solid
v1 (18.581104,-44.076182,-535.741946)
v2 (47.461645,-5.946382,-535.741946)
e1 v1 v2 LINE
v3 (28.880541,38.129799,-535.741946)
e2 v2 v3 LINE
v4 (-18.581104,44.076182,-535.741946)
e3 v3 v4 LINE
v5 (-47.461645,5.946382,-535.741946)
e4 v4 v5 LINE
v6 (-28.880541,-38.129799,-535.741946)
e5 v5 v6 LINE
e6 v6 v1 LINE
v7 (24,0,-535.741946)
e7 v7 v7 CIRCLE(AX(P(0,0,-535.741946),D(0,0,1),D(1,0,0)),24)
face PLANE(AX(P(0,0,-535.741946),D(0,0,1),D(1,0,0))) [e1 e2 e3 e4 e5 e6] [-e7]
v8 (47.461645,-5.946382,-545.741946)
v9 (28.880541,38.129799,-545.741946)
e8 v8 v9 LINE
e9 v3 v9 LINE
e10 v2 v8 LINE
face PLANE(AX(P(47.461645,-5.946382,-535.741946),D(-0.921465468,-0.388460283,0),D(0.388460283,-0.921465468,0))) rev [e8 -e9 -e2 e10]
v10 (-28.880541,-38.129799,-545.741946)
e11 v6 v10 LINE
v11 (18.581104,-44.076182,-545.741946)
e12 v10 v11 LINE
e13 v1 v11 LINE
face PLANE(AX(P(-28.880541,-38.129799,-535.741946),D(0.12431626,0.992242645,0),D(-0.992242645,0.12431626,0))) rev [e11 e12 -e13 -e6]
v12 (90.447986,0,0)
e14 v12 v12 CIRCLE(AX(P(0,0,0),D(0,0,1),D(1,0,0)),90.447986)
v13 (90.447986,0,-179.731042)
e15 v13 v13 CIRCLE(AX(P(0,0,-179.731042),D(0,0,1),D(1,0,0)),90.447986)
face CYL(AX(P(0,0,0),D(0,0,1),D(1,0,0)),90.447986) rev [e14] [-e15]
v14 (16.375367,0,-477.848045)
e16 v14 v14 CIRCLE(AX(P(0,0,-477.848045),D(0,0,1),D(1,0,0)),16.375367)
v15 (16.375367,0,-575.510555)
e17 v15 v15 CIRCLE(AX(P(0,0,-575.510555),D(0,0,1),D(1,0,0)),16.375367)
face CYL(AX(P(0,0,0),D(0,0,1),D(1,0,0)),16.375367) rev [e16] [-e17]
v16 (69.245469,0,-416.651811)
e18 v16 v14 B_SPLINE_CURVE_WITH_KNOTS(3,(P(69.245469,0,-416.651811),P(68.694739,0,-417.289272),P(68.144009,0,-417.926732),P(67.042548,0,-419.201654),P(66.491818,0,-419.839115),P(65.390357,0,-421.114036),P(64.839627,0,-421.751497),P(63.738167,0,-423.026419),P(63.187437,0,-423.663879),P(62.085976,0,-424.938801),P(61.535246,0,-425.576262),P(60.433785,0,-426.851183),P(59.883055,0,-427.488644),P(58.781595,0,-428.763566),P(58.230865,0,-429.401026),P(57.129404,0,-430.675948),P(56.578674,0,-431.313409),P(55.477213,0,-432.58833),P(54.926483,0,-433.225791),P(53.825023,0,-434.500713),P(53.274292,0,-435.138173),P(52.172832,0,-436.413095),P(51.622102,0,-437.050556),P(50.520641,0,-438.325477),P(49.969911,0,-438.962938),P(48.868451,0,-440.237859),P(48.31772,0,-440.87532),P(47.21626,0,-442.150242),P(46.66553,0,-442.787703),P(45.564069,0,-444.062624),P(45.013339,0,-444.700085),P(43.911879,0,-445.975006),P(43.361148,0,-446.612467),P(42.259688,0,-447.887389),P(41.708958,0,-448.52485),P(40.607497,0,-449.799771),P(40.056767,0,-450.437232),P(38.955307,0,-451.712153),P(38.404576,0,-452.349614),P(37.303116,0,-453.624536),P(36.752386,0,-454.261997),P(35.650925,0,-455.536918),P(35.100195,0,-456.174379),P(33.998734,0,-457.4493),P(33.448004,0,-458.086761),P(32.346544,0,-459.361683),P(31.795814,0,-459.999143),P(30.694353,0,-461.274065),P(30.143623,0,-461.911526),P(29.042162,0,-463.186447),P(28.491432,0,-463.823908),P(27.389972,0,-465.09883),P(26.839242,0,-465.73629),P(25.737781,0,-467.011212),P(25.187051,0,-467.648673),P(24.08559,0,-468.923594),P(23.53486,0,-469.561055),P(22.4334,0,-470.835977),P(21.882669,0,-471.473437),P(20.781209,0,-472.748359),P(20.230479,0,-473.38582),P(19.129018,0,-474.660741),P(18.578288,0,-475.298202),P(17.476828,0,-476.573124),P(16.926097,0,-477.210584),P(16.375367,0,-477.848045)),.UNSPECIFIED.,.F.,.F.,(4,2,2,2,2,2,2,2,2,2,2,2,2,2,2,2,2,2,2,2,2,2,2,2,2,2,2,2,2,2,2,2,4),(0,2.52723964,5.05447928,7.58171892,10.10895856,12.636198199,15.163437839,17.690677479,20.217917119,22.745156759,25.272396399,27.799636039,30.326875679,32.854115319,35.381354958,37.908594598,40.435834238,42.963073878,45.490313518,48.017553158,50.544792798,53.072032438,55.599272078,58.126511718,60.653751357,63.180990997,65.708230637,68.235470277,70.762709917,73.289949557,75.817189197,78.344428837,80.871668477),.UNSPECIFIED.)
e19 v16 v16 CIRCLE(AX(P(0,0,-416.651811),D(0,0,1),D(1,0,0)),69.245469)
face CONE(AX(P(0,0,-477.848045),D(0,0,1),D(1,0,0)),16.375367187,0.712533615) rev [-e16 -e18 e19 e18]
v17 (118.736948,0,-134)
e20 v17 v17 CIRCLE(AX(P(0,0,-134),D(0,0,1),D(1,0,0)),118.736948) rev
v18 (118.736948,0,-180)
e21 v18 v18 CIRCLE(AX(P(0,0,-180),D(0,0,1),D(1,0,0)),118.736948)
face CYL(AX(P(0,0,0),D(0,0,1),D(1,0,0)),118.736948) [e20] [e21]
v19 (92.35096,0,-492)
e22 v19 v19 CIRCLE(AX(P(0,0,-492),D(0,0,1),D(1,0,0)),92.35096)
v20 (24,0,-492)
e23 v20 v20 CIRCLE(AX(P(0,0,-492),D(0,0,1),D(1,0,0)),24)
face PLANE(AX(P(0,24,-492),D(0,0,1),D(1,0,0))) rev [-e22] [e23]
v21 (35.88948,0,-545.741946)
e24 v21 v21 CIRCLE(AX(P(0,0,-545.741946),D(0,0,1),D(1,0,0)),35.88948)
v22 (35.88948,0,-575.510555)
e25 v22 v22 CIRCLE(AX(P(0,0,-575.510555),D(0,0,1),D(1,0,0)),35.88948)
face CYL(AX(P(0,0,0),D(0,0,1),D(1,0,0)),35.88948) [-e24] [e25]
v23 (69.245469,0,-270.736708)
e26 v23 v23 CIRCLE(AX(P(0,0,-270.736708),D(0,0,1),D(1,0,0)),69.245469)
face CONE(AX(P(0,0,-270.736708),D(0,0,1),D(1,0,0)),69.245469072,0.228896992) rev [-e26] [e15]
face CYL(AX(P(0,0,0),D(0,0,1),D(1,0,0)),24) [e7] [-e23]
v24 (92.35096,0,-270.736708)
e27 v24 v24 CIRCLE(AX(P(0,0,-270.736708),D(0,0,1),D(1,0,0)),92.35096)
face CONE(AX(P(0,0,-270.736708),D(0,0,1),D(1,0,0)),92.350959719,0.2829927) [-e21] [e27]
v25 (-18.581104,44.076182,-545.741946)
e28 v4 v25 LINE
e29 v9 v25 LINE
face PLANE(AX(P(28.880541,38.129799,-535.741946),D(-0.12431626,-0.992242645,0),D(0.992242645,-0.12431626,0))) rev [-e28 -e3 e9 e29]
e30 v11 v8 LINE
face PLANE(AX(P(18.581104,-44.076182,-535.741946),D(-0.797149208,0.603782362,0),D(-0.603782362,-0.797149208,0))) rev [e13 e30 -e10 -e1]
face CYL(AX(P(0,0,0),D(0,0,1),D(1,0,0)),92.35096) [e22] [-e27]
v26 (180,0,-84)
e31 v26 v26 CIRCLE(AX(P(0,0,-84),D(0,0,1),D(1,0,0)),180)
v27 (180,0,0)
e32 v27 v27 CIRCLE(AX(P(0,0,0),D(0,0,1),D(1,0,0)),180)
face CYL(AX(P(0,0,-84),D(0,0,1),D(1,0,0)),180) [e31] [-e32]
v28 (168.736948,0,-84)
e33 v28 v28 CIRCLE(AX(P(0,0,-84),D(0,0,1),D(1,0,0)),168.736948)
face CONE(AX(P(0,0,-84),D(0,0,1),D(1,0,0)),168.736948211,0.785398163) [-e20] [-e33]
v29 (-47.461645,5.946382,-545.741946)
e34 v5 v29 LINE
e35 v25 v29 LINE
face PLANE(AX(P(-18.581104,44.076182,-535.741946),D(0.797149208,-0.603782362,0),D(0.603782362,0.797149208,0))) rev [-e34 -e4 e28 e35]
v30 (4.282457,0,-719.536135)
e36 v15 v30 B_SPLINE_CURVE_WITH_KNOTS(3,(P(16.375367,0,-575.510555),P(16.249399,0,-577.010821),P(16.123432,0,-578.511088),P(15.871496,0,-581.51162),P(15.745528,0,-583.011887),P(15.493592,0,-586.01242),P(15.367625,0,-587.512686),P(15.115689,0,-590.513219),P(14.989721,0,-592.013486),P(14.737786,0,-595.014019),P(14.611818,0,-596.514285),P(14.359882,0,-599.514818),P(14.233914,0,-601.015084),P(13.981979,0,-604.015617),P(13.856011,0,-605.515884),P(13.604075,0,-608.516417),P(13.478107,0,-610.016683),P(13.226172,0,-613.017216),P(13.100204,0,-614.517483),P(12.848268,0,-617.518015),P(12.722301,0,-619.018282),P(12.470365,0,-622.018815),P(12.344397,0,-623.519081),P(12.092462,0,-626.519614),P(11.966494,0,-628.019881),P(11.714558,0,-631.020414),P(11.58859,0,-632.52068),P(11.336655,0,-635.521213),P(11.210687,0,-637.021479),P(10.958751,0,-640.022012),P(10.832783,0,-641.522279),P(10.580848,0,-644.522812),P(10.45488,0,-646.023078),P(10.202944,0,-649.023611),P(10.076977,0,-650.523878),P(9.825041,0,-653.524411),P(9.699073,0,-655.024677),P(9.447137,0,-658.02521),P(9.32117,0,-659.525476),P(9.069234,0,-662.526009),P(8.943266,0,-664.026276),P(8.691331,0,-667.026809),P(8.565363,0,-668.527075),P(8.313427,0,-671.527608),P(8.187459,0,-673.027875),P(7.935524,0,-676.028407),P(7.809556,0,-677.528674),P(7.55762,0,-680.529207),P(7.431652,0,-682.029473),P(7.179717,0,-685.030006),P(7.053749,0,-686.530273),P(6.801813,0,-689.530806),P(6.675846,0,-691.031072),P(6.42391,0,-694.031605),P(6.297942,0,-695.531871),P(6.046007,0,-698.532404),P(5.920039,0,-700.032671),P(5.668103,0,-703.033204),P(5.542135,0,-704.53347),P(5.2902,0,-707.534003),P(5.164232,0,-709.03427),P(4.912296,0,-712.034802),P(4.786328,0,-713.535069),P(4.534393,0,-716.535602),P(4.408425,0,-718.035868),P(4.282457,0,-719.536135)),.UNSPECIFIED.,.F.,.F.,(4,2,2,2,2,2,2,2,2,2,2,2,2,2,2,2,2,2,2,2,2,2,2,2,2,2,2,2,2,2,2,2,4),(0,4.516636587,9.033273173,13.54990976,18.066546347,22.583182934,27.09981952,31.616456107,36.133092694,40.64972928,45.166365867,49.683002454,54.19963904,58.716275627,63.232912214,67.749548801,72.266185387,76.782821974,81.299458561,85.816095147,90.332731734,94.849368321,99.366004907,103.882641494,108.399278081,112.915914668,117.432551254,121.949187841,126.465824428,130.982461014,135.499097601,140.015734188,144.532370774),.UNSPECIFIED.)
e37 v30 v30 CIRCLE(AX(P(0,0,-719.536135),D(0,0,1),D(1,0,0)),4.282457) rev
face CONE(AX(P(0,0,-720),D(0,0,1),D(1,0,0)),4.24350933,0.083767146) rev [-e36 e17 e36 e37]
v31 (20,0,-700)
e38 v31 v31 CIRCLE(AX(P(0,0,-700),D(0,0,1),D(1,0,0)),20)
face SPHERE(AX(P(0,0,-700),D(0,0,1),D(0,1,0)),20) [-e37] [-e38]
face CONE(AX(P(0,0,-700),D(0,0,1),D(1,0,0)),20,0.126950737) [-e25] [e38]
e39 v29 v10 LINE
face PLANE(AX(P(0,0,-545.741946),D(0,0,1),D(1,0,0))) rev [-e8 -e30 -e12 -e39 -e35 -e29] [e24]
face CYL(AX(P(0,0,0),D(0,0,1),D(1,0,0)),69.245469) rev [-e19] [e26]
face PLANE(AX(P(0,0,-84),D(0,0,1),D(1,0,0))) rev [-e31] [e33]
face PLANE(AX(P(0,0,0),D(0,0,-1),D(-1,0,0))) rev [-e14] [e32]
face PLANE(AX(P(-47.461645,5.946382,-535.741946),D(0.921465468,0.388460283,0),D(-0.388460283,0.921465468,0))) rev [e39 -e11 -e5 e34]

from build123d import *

# Parameters (mm, degrees)
BOSS_EXTRUDE1_DEPTH = 10
SKETCH5_R           = 180
SKETCH5_R_2         = 90.447985836
BOSS_EXTRUDE2_DEPTH = 84
CHAMFER1_SIZE       = 50


with BuildPart() as part:
    # Sketch2 → Revolve1 (revolve)
    with BuildSketch(Plane(origin=(0, 0, 0), x_dir=(0, 0, -1), z_dir=(1, 0, 0)), mode=Mode.PRIVATE) as revolve1_sk:
        with BuildLine():
            Line((0, 0), (700, 0))
            Line((700, 0), (720, 0))
            ThreePointArc((720, 0), (714.142135624, 14.142135624), (700, 20))
            Line((700, 20), (575.510554629, 35.889479609))
            Line((575.510554629, 35.889479609), (545.741946393, 35.889479609))
            Line((545.741946393, 35.889479609), (545.741946393, 24))
            Line((545.741946393, 24), (492, 24))
            Line((492, 24), (492, 92.350959719))
            Line((492, 92.350959719), (270.736708403, 92.350959719))
            Line((270.736708403, 92.350959719), (180, 118.736948211))
            Line((180, 118.736948211), (0, 118.736948211))
            Line((0, 118.736948211), (0, 0))
        make_face()
    revolve(revolve1_sk.sketch.rotate(Axis((0, 0, 0), (0, 0, -1)), 90), axis=Axis((0, 0, 0), (0, 0, -1)))

    # Sketch3 → Boss-Extrude1 (add)
    with BuildSketch(Plane.XY.offset(-545.741946393)):
        Polygon((47.46164508, -5.94638242), (28.880540777, 38.129799135), (-18.581104304, 44.076181555), (-47.46164508, 5.94638242), (-28.880540777, -38.129799135), (18.581104304, -44.076181555), align=None)
    extrude(amount=BOSS_EXTRUDE1_DEPTH)

    # Sketch4 → Cut-Revolve6 (revolve, cut)
    with BuildSketch(Plane(origin=(0, 0, 0), x_dir=(0, 0, -1), z_dir=(1, 0, 0)), mode=Mode.PRIVATE) as cut_revolve6_sk:
        Polygon((0, 0), (720, 0), (720, 4.24350933), (575.510554629, 16.375367187), (477.848045129, 16.375367187), (416.651810859, 69.245469072), (270.736708403, 69.245469072), (179.731042443, 90.447985836), (0, 90.447985836), align=None)
    revolve(cut_revolve6_sk.sketch.rotate(Axis((0, 0, 0), (0, 0, -1)), 90), axis=Axis((0, 0, 0), (0, 0, -1)), mode=Mode.SUBTRACT)

    # Sketch5 → Boss-Extrude2 (add)
    with BuildSketch(Plane.XY):
        Circle(SKETCH5_R)
        Circle(SKETCH5_R_2, mode=Mode.SUBTRACT)
    extrude(amount=-BOSS_EXTRUDE2_DEPTH)

    # Chamfer1
    chamfer1_edges = [part.edges().sort_by_distance(p)[0] for p in [
        (-118.736948211, 0, -84),
    ]]
    chamfer(chamfer1_edges, length=CHAMFER1_SIZE)


solid = part.part
